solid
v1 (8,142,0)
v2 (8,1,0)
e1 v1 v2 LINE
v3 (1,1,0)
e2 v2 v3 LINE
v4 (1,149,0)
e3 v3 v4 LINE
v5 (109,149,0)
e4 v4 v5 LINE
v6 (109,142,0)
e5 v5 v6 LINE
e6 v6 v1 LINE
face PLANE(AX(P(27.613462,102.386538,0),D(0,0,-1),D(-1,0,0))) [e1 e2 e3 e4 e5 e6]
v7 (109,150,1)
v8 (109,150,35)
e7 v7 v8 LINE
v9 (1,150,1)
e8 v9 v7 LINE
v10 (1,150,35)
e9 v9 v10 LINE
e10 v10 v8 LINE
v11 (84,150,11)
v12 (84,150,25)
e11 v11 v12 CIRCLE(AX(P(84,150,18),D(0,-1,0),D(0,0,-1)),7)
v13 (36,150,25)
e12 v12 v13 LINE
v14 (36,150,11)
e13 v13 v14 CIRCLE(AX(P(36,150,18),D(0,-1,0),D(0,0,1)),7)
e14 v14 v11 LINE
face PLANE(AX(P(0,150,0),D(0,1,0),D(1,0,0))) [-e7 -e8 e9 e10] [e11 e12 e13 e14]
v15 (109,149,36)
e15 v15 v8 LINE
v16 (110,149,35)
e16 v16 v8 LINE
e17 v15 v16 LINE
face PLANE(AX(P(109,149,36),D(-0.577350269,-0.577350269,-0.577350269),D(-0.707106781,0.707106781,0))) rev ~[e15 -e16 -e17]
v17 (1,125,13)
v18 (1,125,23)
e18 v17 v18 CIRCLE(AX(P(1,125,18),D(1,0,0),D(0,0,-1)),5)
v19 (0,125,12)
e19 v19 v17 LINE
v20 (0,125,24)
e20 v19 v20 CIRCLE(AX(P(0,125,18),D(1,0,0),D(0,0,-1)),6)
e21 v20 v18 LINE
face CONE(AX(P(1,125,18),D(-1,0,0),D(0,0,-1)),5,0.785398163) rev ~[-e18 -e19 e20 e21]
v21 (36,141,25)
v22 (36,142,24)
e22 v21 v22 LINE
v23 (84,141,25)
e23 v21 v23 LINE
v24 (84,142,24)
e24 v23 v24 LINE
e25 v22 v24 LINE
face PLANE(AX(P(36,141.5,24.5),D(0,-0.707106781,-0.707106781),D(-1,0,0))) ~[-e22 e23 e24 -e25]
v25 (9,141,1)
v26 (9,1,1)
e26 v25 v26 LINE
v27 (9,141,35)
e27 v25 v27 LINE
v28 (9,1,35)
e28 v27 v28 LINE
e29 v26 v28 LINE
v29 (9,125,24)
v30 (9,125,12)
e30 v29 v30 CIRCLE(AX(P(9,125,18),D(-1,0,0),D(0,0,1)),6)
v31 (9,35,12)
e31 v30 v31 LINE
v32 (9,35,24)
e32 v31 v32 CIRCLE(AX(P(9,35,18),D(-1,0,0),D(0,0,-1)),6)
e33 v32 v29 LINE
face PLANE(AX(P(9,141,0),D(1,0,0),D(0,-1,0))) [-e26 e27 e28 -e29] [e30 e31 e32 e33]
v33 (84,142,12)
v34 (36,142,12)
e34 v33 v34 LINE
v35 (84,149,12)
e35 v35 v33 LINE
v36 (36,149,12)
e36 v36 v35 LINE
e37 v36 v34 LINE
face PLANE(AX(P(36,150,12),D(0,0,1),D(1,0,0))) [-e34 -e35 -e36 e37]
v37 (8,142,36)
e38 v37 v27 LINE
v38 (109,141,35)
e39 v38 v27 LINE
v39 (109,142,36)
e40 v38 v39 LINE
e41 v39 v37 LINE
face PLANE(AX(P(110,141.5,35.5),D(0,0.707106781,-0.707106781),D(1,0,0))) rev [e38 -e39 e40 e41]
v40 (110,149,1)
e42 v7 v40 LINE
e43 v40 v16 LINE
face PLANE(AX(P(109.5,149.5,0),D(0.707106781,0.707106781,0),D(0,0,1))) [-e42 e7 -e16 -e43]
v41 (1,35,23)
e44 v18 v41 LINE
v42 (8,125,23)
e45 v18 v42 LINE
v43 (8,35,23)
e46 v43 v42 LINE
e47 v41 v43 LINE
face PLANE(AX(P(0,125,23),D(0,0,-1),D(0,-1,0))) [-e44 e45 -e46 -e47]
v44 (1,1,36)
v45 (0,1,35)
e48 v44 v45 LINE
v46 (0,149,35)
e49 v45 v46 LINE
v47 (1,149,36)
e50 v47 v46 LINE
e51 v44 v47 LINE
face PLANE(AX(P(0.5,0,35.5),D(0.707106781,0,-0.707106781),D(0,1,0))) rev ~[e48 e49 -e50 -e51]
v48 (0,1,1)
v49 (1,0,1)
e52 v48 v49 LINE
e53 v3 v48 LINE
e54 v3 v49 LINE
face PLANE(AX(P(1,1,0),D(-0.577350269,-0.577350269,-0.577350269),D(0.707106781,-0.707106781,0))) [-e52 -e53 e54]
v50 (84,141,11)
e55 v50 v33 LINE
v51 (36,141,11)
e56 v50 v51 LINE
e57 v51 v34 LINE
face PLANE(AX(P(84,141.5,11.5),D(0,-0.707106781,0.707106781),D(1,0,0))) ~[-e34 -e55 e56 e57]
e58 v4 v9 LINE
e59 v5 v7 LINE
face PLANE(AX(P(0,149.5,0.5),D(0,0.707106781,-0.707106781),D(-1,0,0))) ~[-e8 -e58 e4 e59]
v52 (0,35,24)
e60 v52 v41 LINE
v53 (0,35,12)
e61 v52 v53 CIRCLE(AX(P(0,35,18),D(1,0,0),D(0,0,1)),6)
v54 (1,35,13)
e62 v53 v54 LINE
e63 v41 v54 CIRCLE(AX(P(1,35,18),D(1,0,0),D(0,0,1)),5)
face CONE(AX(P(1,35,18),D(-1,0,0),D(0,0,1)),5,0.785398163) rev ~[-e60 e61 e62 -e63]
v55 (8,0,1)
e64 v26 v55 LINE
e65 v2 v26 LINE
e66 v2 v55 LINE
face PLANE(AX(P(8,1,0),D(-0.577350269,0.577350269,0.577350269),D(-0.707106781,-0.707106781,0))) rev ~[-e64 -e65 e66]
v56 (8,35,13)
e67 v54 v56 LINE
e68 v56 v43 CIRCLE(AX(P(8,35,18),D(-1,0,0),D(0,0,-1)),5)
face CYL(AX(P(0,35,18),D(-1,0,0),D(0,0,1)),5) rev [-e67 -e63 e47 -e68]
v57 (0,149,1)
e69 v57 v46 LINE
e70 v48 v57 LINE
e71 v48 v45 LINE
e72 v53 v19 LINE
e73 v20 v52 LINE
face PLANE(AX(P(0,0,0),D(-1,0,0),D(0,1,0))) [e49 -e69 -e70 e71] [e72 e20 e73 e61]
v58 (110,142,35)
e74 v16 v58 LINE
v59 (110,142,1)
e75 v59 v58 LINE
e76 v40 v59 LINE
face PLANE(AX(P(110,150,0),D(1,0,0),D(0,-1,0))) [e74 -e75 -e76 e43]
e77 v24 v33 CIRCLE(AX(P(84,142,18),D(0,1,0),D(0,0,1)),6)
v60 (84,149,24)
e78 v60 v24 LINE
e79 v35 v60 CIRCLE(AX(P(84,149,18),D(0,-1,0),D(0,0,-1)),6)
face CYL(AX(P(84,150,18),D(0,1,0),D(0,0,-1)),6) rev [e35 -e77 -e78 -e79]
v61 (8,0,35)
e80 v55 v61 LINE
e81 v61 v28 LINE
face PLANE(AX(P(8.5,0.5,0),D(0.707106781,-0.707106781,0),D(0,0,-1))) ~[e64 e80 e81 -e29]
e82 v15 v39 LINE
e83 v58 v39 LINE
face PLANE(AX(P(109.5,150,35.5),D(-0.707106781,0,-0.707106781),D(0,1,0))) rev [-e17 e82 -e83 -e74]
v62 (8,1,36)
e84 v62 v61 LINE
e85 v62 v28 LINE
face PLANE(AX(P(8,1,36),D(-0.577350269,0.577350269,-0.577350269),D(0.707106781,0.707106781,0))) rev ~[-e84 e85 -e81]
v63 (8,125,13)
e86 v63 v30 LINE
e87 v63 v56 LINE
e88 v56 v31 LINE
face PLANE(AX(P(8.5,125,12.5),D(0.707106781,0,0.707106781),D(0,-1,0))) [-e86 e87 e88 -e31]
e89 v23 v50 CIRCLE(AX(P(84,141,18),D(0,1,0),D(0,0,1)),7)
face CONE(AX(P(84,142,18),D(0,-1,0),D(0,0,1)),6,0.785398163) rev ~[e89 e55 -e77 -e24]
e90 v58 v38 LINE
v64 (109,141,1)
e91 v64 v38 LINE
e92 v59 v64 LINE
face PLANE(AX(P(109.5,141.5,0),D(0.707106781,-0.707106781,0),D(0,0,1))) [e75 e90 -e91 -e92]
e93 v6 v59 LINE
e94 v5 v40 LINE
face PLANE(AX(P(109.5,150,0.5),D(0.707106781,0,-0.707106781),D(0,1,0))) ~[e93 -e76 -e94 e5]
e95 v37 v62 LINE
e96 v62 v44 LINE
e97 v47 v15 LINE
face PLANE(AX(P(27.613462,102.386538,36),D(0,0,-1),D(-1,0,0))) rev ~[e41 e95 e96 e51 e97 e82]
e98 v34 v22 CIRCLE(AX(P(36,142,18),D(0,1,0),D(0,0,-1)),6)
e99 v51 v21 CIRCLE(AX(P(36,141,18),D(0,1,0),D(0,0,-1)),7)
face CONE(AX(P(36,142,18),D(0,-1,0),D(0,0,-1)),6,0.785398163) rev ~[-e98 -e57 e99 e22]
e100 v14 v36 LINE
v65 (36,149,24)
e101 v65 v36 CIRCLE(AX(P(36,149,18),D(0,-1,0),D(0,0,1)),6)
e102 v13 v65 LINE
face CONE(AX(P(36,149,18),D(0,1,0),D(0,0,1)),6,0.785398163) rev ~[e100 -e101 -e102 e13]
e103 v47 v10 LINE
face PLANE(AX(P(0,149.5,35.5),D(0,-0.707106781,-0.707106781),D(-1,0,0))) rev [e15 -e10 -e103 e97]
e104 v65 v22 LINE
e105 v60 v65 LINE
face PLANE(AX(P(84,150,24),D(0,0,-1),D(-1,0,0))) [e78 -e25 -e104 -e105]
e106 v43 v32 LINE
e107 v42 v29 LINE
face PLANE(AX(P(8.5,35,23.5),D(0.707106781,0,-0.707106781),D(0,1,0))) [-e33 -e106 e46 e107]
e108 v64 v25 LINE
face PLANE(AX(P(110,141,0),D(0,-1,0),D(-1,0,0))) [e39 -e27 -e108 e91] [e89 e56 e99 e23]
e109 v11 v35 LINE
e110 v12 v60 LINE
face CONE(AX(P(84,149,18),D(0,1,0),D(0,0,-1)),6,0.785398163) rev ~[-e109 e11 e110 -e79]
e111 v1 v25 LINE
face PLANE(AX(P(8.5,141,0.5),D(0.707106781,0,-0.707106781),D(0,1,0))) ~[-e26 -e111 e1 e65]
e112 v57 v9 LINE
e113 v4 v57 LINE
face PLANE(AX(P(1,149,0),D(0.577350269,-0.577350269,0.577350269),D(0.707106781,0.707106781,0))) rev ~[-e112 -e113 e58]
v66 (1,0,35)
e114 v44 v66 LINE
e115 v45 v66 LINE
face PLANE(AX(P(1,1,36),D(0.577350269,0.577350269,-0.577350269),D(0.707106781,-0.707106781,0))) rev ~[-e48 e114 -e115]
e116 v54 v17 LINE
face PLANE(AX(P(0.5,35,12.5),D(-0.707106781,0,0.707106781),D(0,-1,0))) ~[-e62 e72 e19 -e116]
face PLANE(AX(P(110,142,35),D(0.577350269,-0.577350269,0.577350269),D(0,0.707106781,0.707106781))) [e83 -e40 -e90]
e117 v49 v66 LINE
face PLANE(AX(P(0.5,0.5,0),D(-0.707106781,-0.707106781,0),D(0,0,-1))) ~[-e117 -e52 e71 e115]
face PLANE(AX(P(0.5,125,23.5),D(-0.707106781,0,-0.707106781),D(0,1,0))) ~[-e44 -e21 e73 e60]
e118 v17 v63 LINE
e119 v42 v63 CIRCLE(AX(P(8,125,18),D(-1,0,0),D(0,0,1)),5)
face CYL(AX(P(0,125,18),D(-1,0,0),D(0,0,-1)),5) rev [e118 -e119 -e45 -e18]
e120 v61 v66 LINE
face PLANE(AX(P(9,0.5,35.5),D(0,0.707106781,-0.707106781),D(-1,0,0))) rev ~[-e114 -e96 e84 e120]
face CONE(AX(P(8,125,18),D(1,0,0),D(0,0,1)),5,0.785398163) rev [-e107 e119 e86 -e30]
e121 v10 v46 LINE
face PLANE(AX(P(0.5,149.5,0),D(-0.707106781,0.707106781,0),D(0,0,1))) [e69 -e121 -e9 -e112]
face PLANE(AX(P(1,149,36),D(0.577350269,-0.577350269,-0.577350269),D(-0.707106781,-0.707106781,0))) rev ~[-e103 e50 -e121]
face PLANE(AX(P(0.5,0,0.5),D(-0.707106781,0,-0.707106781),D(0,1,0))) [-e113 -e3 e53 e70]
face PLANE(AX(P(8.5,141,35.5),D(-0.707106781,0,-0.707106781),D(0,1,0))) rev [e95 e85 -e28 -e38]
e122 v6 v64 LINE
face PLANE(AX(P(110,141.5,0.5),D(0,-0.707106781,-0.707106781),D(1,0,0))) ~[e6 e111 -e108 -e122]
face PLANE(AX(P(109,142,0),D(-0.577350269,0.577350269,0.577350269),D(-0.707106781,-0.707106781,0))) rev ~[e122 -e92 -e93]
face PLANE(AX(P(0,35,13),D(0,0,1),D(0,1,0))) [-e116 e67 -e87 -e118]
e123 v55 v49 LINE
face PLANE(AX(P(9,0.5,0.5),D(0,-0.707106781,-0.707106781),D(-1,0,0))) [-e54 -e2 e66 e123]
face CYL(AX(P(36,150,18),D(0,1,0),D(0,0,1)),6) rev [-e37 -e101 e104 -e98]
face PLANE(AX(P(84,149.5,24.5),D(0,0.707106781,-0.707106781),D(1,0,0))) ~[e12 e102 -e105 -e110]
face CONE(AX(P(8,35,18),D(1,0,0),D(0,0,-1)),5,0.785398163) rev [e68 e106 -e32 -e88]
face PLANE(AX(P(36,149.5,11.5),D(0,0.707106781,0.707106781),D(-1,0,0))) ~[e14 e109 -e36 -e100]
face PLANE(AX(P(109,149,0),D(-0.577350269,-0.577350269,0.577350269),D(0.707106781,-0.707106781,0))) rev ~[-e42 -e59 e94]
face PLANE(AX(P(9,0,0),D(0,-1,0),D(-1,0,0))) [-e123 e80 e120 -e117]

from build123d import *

# Parameters (mm, degrees)
BOSS_EXTRU_1_DEPTH      = 36
ENL_V_MAT_EXTRU_1_DEPTH = 36
ENL_V_MAT_EXTRU_2_DEPTH = 36
CHANFREIN1_SIZE         = 1


with BuildPart() as part:
    # Esquisse1 → Boss.-Extru.1 (new body)
    with BuildSketch(Plane.XY):
        Polygon((0, 0), (0, 150), (110, 150), (110, 141), (9, 141), (9, 0), align=None)
    extrude(amount=BOSS_EXTRU_1_DEPTH)

    # Esquisse2 → Enlèv. mat.-Extru.1 (cut)
    with BuildSketch(Plane.ZY):
        with BuildLine():
            Line((23, 125), (23, 35))
            ThreePointArc((23, 35), (18, 30), (13, 35))
            Line((13, 35), (13, 125))
            ThreePointArc((13, 125), (18, 130), (23, 125))
        make_face()
    extrude(amount=-ENL_V_MAT_EXTRU_1_DEPTH, mode=Mode.SUBTRACT)

    # Esquisse3 → Enlèv. mat.-Extru.2 (cut)
    with BuildSketch(Plane(origin=(0, 150, 0), x_dir=(1, 0, 0), z_dir=(0, 1, 0))):
        with BuildLine():
            Line((36, -12), (84, -12))
            ThreePointArc((84, -12), (90, -18), (84, -24))
            Line((84, -24), (36, -24))
            ThreePointArc((36, -24), (30, -18), (36, -12))
        make_face()
    extrude(amount=-ENL_V_MAT_EXTRU_2_DEPTH, mode=Mode.SUBTRACT)

    # Chanfrein1
    chanfrein1_edges = [part.edges().sort_by_distance(p)[0] for p in [
        (59.5, 141, 36),
        (0, 0, 18),
        (0, 150, 18),
        (110, 150, 18),
        (110, 141, 18),
        (9, 0, 18),
        (110, 145.5, 36),
        (55, 150, 36),
        (0, 75, 36),
        (9, 130, 18),
        (9, 80, 23),
        (9, 30, 18),
        (9, 80, 13),
        (0, 130, 18),
        (0, 80, 13),
        (0, 30, 18),
        (0, 80, 23),
        (4.5, 0, 36),
        (30, 141, 18),
        (60, 141, 12),
        (90, 141, 18),
        (60, 141, 24),
        (30, 150, 18),
        (60, 150, 24),
        (90, 150, 18),
        (60, 150, 12),
        (0, 75, 0),
        (55, 150, 0),
        (110, 145.5, 0),
        (9, 70.5, 36),
        (59.5, 141, 0),
        (9, 70.5, 0),
        (4.5, 0, 0),
    ]]
    chamfer(chanfrein1_edges, length=CHANFREIN1_SIZE)


solid = part.part
